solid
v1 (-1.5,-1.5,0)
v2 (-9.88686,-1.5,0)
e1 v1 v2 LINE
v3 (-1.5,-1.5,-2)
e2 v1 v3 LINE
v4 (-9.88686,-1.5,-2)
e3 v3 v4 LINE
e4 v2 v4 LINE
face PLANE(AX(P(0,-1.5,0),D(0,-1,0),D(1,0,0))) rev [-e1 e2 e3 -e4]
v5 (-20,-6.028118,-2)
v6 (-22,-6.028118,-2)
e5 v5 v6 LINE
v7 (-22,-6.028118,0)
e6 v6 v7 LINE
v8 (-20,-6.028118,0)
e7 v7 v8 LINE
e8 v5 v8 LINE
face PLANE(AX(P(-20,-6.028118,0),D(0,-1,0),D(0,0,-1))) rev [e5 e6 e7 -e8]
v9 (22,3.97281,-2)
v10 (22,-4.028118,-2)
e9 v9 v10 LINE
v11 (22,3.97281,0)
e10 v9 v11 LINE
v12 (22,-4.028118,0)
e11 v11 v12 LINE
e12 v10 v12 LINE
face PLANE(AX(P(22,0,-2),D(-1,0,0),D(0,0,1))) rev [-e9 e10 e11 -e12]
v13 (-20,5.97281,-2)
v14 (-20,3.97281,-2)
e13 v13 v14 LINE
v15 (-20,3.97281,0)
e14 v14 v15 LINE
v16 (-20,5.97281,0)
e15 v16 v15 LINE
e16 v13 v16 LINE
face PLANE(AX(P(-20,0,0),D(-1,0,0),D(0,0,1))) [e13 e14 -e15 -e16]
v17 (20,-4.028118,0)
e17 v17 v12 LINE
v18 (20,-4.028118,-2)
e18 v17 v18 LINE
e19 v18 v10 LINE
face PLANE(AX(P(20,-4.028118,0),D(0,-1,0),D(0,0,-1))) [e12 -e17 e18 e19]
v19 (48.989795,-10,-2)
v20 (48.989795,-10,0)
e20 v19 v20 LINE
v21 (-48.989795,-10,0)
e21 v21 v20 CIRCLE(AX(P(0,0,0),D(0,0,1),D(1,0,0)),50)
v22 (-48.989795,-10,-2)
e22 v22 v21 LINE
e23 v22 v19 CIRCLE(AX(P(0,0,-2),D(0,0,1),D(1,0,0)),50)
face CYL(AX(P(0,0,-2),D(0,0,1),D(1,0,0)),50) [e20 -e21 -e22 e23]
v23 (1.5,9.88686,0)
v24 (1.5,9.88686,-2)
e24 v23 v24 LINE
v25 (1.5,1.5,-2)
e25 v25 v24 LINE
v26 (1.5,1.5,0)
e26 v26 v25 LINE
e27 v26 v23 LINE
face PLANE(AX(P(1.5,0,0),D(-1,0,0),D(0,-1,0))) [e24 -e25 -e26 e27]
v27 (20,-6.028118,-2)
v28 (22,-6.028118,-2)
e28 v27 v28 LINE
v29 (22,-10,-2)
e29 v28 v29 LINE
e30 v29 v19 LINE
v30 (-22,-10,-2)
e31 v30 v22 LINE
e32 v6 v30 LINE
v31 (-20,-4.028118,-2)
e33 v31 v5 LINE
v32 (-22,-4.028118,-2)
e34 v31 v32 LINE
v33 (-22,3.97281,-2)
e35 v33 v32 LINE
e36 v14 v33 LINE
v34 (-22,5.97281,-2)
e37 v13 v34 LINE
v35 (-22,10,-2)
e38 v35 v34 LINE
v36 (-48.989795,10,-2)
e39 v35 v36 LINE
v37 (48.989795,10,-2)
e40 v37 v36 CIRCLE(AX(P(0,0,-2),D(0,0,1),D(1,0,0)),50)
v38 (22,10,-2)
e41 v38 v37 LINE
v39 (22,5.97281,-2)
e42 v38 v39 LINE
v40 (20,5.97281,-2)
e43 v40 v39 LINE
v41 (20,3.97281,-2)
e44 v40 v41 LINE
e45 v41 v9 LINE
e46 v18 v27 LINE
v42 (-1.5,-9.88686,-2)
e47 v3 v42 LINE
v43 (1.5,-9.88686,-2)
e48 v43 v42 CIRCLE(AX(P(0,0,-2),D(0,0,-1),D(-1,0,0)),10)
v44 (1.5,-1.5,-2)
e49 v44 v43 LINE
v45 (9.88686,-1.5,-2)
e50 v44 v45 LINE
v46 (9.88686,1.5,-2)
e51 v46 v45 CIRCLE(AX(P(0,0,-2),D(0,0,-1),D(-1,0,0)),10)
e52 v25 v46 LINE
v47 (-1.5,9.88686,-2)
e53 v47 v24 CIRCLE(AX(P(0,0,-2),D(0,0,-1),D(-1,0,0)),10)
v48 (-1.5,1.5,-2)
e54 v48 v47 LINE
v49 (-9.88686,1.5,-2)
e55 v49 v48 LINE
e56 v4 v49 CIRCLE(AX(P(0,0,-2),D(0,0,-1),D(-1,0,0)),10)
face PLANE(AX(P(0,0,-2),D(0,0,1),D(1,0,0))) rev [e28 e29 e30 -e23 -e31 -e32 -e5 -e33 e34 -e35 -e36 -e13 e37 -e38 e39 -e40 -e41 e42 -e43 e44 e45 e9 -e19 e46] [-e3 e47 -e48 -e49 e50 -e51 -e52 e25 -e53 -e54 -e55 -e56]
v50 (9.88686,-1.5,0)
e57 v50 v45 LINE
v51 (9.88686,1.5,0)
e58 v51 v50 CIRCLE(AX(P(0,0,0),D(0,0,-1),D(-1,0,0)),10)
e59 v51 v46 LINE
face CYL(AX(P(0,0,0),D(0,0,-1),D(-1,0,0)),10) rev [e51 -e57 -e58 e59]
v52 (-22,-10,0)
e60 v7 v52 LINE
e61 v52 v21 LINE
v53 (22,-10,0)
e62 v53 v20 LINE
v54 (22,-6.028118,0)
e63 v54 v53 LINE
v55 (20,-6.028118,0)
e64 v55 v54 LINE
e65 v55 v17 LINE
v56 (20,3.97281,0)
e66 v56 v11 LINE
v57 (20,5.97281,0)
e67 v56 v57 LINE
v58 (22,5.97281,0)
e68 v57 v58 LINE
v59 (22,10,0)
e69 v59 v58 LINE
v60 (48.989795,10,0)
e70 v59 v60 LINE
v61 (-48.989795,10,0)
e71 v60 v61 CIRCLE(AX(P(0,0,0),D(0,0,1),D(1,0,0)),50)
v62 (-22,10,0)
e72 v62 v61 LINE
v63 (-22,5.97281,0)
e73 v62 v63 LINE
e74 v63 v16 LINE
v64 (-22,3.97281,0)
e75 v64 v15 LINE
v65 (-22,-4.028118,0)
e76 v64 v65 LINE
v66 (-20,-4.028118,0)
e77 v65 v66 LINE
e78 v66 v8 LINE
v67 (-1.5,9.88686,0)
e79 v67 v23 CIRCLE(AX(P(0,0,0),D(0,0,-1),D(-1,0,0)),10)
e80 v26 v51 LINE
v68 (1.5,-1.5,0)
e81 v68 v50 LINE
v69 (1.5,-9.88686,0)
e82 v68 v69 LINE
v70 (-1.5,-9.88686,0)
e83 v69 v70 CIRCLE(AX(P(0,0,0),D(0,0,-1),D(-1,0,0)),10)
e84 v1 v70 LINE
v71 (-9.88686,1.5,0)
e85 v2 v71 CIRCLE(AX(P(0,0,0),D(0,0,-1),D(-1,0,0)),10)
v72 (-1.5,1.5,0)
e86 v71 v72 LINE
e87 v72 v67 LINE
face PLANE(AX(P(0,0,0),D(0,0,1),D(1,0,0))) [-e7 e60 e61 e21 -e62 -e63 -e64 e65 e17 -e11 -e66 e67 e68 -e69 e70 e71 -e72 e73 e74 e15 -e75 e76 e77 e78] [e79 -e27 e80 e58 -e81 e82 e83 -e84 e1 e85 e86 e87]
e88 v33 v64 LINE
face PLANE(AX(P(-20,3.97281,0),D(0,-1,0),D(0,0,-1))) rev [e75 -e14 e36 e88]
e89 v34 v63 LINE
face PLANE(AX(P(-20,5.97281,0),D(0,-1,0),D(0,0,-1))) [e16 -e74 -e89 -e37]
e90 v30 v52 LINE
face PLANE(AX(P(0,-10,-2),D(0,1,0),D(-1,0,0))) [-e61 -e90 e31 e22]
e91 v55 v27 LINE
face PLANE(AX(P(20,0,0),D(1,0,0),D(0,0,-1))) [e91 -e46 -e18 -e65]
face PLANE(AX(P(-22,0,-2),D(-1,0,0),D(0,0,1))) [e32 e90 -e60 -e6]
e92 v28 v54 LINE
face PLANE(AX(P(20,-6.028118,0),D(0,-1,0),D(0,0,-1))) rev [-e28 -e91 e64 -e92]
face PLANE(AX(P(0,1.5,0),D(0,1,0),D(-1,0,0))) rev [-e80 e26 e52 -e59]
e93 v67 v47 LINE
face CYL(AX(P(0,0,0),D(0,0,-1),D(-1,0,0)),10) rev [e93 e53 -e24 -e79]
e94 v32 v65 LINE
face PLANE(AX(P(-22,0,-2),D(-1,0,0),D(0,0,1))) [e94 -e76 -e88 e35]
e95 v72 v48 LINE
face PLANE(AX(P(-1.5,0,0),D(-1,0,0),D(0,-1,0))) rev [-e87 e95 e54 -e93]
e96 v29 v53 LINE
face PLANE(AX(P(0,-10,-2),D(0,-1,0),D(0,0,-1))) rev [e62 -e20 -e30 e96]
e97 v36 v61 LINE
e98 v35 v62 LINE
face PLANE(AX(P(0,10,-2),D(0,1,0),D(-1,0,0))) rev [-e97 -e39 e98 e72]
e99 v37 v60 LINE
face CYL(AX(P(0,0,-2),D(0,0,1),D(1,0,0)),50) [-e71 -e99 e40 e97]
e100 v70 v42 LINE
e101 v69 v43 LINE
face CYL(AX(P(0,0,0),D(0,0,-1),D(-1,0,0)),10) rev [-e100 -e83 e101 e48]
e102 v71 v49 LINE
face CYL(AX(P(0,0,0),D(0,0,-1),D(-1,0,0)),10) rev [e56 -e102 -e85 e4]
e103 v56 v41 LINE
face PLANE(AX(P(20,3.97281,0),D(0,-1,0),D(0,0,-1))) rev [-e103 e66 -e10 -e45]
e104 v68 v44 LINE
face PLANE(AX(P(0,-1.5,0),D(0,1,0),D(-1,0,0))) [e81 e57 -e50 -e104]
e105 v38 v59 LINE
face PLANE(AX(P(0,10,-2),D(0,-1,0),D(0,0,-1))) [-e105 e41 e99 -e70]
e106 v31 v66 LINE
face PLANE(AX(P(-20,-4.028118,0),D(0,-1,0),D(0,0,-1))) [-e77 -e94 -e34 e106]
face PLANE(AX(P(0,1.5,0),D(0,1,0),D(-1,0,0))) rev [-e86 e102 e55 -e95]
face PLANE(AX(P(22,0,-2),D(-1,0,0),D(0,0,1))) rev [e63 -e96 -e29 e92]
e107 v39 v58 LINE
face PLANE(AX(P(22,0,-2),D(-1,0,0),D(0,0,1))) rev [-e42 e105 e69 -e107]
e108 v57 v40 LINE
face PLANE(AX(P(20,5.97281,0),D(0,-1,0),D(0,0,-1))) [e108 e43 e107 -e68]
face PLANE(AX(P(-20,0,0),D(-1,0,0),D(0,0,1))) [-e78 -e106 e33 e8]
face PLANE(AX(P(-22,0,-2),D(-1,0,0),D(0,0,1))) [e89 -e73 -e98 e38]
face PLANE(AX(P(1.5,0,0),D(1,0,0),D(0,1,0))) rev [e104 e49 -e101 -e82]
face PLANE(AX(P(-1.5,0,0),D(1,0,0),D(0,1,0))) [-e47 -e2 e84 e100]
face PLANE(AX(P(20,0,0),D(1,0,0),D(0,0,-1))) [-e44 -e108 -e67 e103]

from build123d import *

# Parameters (mm, degrees)
BOSS_EXTRUDE5_DEPTH = 2
CUT_EXTRUDE17_DEPTH = 2
SKETCH11_3_W        = 3
SKETCH11_3_H        = 3
CUT_EXTRUDE18_DEPTH = 2
CUT_EXTRUDE19_DEPTH = 2
SKETCH14_W          = 2.001486185
SKETCH14_H          = 2
CUT_EXTRUDE20_DEPTH = 2
SKETCH13_W          = 2.001486185
SKETCH13_H          = 2
CUT_EXTRUDE21_DEPTH = 2


with BuildPart() as part:
    # Sketch1 → Boss-Extrude5 (new body)
    with BuildSketch(Plane.XY):
        with BuildLine():
            Line((-22, 10), (-22, -10))
            Line((-22, -10), (-48.989794856, -10))
            ThreePointArc((-48.989794856, -10), (50, 0), (-48.989794856, 10))
            Line((-48.989794856, 10), (-22, 10))
        make_face()
    extrude(amount=-BOSS_EXTRUDE5_DEPTH)

    # Sketch11 → Cut-Extrude17 (cut)
    with BuildSketch(Plane(origin=(0, 0, -2), x_dir=(-1, 0, 0), z_dir=(0, 0, -1))):
        with BuildLine():
            Line((-1.5, 1.5), (1.5, 1.5))
            Line((1.5, 1.5), (1.5, 9.886859967))
            ThreePointArc((1.5, 9.886859967), (0, 10), (-1.5, 9.886859967))
            Line((-1.5, 9.886859967), (-1.5, 1.5))
        make_face()
    extrude(amount=-CUT_EXTRUDE17_DEPTH, mode=Mode.SUBTRACT)

    # Sketch11<3> → Cut-Extrude18 (cut)
    with BuildSketch(Plane(origin=(0, 0, -2), x_dir=(-1, 0, 0), z_dir=(0, 0, -1))):
        with BuildLine():
            Line((-9.886859967, -1.5), (-1.5, -1.5))
            Line((-1.5, -1.5), (-1.5, 1.5))
            Line((-1.5, 1.5), (-9.886859967, 1.5))
            ThreePointArc((-9.886859967, 1.5), (-10, 0), (-9.886859967, -1.5))
        make_face()
        with BuildLine():
            Line((1.5, 1.5), (1.5, -1.5))
            Line((1.5, -1.5), (9.886859967, -1.5))
            ThreePointArc((9.886859967, -1.5), (9.971674876, -0.752130419), (10, 0))
            ThreePointArc((10, 0), (9.971674876, 0.752130419), (9.886859967, 1.5))
            Line((9.886859967, 1.5), (1.5, 1.5))
        make_face()
        with BuildLine():
            Line((1.5, -9.886859967), (1.5, -1.5))
            Line((1.5, -1.5), (-1.5, -1.5))
            Line((-1.5, -1.5), (-1.5, -9.886859967))
            ThreePointArc((-1.5, -9.886859967), (0, -10), (1.5, -9.886859967))
        make_face()
        Rectangle(SKETCH11_3_W, SKETCH11_3_H)
    extrude(amount=-CUT_EXTRUDE18_DEPTH, mode=Mode.SUBTRACT)

    # Sketch1<9> → Cut-Extrude19 (cut)
    with BuildSketch(Plane.XY):
        with BuildLine():
            Line((32.494897428, 10), (22, 10))
            Line((22, 10), (22, -10))
            Line((22, -10), (48.989794856, -10))
            ThreePointArc((48.989794856, -10), (49.74680765, -5.0254481), (50, 0))
            ThreePointArc((50, 0), (49.74680765, 5.0254481), (48.989794856, 10))
            Line((48.989794856, 10), (32.494897428, 10))
        make_face()
    extrude(amount=-CUT_EXTRUDE19_DEPTH, mode=Mode.SUBTRACT)

    # Sketch14 → Cut-Extrude20 (cut)
    with BuildSketch(Plane.ZY.offset(22)):
        with Locations((-0.999256907, -5.028117734)):
            Rectangle(SKETCH14_W, SKETCH14_H)
        with Locations((-0.999256907, 4.972809543)):
            Rectangle(SKETCH14_W, SKETCH14_H)
    extrude(amount=-CUT_EXTRUDE20_DEPTH, mode=Mode.SUBTRACT)

    # Sketch13 → Cut-Extrude21 (cut)
    with BuildSketch(Plane(origin=(22, 0, 0), x_dir=(0, 0, -1), z_dir=(1, 0, 0))):
        with Locations((0.999256907, -5.028117734)):
            Rectangle(SKETCH13_W, SKETCH13_H)
        with Locations((0.999256907, 4.972809543)):
            Rectangle(SKETCH13_W, SKETCH13_H)
    extrude(amount=-CUT_EXTRUDE21_DEPTH, mode=Mode.SUBTRACT)


solid = part.part
